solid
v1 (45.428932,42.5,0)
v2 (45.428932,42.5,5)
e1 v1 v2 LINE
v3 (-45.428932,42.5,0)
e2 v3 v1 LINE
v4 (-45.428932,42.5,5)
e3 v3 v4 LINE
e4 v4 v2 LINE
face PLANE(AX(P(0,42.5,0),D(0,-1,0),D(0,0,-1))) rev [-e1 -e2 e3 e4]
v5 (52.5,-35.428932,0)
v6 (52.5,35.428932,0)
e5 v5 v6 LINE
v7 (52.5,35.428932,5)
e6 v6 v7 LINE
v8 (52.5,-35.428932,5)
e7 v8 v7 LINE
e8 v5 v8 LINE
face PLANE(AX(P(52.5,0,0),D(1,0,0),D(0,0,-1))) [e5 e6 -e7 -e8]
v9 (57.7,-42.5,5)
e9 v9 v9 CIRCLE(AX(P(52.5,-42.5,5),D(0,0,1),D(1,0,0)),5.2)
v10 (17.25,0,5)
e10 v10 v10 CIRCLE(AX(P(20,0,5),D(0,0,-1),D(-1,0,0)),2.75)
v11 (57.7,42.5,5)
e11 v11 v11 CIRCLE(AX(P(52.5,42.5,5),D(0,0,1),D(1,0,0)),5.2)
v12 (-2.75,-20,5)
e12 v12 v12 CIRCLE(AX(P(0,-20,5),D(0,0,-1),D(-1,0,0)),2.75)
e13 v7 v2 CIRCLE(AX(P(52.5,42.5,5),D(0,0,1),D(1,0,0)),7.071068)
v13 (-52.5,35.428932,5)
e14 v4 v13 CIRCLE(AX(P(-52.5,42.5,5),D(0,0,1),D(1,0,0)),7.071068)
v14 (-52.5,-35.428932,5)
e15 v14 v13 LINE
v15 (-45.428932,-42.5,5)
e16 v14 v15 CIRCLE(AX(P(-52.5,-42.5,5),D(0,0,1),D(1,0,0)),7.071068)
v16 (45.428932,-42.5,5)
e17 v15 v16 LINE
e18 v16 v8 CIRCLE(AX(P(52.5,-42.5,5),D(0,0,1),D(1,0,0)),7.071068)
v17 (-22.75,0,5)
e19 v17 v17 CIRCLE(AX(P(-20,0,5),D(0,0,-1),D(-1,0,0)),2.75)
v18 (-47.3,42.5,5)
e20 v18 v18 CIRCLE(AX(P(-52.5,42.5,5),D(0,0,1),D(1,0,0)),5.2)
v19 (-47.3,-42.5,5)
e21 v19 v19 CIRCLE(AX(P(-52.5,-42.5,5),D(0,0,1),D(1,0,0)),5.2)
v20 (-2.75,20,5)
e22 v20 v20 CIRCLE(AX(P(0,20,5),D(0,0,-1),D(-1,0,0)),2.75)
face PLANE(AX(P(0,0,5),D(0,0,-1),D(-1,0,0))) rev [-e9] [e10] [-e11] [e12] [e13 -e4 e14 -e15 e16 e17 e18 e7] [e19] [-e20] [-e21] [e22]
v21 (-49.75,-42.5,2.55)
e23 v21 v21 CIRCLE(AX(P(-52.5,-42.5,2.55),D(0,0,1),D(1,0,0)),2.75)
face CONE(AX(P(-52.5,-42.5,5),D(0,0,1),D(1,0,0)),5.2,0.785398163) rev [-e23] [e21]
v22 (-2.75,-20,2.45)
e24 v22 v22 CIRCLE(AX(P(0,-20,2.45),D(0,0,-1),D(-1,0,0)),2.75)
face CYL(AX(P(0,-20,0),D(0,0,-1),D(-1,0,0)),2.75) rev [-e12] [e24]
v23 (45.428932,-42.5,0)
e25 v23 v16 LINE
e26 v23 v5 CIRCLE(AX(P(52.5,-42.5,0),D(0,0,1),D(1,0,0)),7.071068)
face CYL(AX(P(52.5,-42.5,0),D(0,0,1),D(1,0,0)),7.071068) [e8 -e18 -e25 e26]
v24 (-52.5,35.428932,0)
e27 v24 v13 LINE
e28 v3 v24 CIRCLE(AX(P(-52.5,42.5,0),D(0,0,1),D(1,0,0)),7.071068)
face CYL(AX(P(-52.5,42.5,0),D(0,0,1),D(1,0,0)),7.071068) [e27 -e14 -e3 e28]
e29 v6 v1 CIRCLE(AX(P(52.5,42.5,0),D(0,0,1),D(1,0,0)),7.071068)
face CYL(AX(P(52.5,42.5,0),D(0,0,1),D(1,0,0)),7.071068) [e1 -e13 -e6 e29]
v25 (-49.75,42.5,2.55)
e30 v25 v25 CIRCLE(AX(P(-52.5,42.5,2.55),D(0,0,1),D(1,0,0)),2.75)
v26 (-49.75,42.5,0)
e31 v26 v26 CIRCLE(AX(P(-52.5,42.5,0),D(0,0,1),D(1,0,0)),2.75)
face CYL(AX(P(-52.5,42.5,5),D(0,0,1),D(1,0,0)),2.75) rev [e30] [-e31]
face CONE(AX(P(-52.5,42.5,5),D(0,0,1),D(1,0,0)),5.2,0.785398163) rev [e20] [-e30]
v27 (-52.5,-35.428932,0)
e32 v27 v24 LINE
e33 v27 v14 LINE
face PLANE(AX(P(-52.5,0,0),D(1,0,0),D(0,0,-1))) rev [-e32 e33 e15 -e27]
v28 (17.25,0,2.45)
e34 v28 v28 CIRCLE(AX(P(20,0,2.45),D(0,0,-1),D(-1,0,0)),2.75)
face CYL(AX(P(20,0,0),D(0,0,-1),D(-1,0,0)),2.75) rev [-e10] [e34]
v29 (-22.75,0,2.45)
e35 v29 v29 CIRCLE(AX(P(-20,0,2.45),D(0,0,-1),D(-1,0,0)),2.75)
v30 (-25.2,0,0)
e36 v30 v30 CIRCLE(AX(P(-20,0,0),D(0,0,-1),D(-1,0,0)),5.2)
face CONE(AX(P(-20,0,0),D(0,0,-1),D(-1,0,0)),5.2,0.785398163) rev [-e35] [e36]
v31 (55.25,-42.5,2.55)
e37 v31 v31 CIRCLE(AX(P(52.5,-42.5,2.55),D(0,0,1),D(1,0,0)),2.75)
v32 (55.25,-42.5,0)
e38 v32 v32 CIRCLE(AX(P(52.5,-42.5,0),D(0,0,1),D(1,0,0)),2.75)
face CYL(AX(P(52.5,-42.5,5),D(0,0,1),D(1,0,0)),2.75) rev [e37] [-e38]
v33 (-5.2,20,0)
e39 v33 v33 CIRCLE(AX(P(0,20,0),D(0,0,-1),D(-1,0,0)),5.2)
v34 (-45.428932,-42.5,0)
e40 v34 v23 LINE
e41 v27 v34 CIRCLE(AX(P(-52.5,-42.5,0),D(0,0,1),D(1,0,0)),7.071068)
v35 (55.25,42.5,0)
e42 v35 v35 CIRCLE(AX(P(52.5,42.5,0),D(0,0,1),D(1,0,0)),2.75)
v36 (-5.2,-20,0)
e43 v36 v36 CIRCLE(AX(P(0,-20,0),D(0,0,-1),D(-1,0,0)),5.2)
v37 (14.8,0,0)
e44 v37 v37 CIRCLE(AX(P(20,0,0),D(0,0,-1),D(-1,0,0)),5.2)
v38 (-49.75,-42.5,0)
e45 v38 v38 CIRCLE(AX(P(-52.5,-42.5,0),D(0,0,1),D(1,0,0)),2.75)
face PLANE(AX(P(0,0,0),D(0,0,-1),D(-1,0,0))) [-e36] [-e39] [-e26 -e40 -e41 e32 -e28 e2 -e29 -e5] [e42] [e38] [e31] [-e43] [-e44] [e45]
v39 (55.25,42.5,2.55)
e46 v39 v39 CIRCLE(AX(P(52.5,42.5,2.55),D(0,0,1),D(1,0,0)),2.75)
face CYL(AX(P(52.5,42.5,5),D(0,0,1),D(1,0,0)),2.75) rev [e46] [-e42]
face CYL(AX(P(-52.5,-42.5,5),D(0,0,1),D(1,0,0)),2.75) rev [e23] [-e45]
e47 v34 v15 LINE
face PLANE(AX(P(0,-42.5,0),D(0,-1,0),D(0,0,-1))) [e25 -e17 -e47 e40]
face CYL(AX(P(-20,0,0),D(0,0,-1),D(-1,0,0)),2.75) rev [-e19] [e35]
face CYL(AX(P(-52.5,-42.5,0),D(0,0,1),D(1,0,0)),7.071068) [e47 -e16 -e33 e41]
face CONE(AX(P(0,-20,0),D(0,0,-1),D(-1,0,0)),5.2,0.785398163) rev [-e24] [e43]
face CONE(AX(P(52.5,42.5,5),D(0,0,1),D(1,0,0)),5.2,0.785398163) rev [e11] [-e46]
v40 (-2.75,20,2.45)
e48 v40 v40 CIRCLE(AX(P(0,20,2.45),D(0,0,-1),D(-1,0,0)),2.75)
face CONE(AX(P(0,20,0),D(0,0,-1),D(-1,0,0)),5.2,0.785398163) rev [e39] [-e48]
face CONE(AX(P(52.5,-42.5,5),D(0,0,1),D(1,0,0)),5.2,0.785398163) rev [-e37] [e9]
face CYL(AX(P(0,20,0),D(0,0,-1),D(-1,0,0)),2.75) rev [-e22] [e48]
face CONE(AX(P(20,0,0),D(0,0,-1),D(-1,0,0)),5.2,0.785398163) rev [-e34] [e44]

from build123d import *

# Parameters (mm, degrees)
SKETCH1_W                                      = 75
SKETCH1_H                                      = 95
SKETCH1_R                                      = 1
BOSS_EXTRUDE1_DEPTH                            = 5
CSK_FOR_M5_FLAT_HEAD_MACHINE_SCREW1_AT_2_COUNT = 2
CSK_FOR_M5_FLAT_HEAD_MACHINE_SCREW1_AT_2_PITCH = 28.284271247
CSK_FOR_M5_FLAT_HEAD_MACHINE_SCREW1_AT_3_COUNT = 2
CSK_FOR_M5_FLAT_HEAD_MACHINE_SCREW1_AT_3_PITCH = 40
CSK_FOR_M5_FLAT_HEAD_MACHINE_SCREW1_AT_4_COUNT = 2
CSK_FOR_M5_FLAT_HEAD_MACHINE_SCREW1_AT_4_PITCH = 28.284271247
BOSS_EXTRUDE2_DEPTH                            = 5
CSK_FOR_M5_FLAT_HEAD_MACHINE_SCREW2_AT_2_COUNT = 2
CSK_FOR_M5_FLAT_HEAD_MACHINE_SCREW2_AT_2_PITCH = 105
CSK_FOR_M5_FLAT_HEAD_MACHINE_SCREW2_AT_3_COUNT = 2
CSK_FOR_M5_FLAT_HEAD_MACHINE_SCREW2_AT_3_PITCH = 135.092560861
CSK_FOR_M5_FLAT_HEAD_MACHINE_SCREW2_AT_4_COUNT = 2
CSK_FOR_M5_FLAT_HEAD_MACHINE_SCREW2_AT_4_PITCH = 85


with BuildPart() as part:
    # Sketch1 → Boss-Extrude1 (new body)
    with BuildSketch(Plane(origin=(0, 0, 0), x_dir=(0, 1, 0), z_dir=(0, 0, 1))):
        Rectangle(SKETCH1_W, SKETCH1_H)
        with Locations(Location((0, 20, 0), (0, 0, 270))):
            Circle(SKETCH1_R, mode=Mode.SUBTRACT)
        with Locations(Location((20, 0, 0), (0, 0, 270))):
            Circle(SKETCH1_R, mode=Mode.SUBTRACT)
        with Locations(Location((0, -20, 0), (0, 0, 270))):
            Circle(SKETCH1_R, mode=Mode.SUBTRACT)
        with Locations(Location((-20, 0, 0), (0, 0, 270))):
            Circle(SKETCH1_R, mode=Mode.SUBTRACT)
    extrude(amount=BOSS_EXTRUDE1_DEPTH)

    # Sketch2 → CSK for M5 Flat Head Machine Screw1 (revolve, cut)
    with BuildSketch(Plane(origin=(0, 20, 0), x_dir=(0, 1, 0), z_dir=(1, 0, 0))):
        Polygon((0, 0), (0, 5), (2.75, 5), (2.75, 2.45), (5.2, 0), align=None)
    csk_for_m5_flat_head_machine_screw1 = revolve(axis=Axis((0, 20, -6.35), (0, 0, 1)), mode=Mode.SUBTRACT)

    # CSK for M5 Flat Head Machine Screw1 at 2: CSK for M5 Flat Head Machine Screw1 ×2
    with Locations(*[Vector(-0.7071067811865475, -0.7071067811865477, 0) * (i * CSK_FOR_M5_FLAT_HEAD_MACHINE_SCREW1_AT_2_PITCH) for i in range(1, CSK_FOR_M5_FLAT_HEAD_MACHINE_SCREW1_AT_2_COUNT)]):
        add(csk_for_m5_flat_head_machine_screw1, mode=Mode.SUBTRACT)

    # CSK for M5 Flat Head Machine Screw1 at 3: CSK for M5 Flat Head Machine Screw1 ×2
    with Locations(*[(0, -i * CSK_FOR_M5_FLAT_HEAD_MACHINE_SCREW1_AT_3_PITCH, 0) for i in range(1, CSK_FOR_M5_FLAT_HEAD_MACHINE_SCREW1_AT_3_COUNT)]):
        add(csk_for_m5_flat_head_machine_screw1, mode=Mode.SUBTRACT)

    # CSK for M5 Flat Head Machine Screw1 at 4: CSK for M5 Flat Head Machine Screw1 ×2
    with Locations(*[Vector(0.7071067811865478, -0.7071067811865472, 0) * (i * CSK_FOR_M5_FLAT_HEAD_MACHINE_SCREW1_AT_4_PITCH) for i in range(1, CSK_FOR_M5_FLAT_HEAD_MACHINE_SCREW1_AT_4_COUNT)]):
        add(csk_for_m5_flat_head_machine_screw1, mode=Mode.SUBTRACT)

    # Sketch3 → Boss-Extrude2 (add)
    with BuildSketch(Plane.XY.offset(5)):
        with BuildLine():
            ThreePointArc((-45.428932188, 42.5), (-57.5, 47.5), (-52.5, 35.428932188))
            Line((-52.5, 35.428932188), (-52.5, 42.5))
            Line((-52.5, 42.5), (-45.428932188, 42.5))
        make_face()
        with BuildLine():
            Line((-52.5, 42.5), (-52.5, 35.428932188))
            ThreePointArc((-52.5, 35.428932188), (-49.794019499, 35.967185176), (-47.5, 37.5))
            ThreePointArc((-47.5, 37.5), (-45.967185176, 39.794019499), (-45.428932188, 42.5))
            Line((-45.428932188, 42.5), (-52.5, 42.5))
        make_face()
        with BuildLine():
            ThreePointArc((-45.428932188, 42.5), (-45.967185176, 39.794019499), (-47.5, 37.5))
            Line((-47.5, 37.5), (47.5, 37.5))
            ThreePointArc((47.5, 37.5), (45.967185176, 39.794019499), (45.428932188, 42.5))
            Line((45.428932188, 42.5), (-45.428932188, 42.5))
        make_face()
        with BuildLine():
            ThreePointArc((45.428932188, 42.5), (45.967185176, 39.794019499), (47.5, 37.5))
            ThreePointArc((47.5, 37.5), (49.794019499, 35.967185176), (52.5, 35.428932188))
            Line((52.5, 35.428932188), (52.5, 42.5))
            Line((52.5, 42.5), (45.428932188, 42.5))
        make_face()
        with BuildLine():
            ThreePointArc((59.571067812, 42.5), (52.5, 49.571067812), (45.428932188, 42.5))
            Line((45.428932188, 42.5), (52.5, 42.5))
            Line((52.5, 42.5), (52.5, 35.428932188))
            ThreePointArc((52.5, 35.428932188), (57.5, 37.5), (59.571067812, 42.5))
        make_face()
        with BuildLine():
            Line((47.5, 37.5), (47.5, -37.5))
            ThreePointArc((47.5, -37.5), (49.794019499, -35.967185176), (52.5, -35.428932188))
            Line((52.5, -35.428932188), (52.5, 35.428932188))
            ThreePointArc((52.5, 35.428932188), (49.794019499, 35.967185176), (47.5, 37.5))
        make_face()
        with BuildLine():
            ThreePointArc((47.5, -37.5), (45.967185176, -39.794019499), (45.428932188, -42.5))
            Line((45.428932188, -42.5), (52.5, -42.5))
            Line((52.5, -42.5), (52.5, -35.428932188))
            ThreePointArc((52.5, -35.428932188), (49.794019499, -35.967185176), (47.5, -37.5))
        make_face()
        with BuildLine():
            Line((52.5, -42.5), (45.428932188, -42.5))
            ThreePointArc((45.428932188, -42.5), (52.5, -49.571067812), (59.571067812, -42.5))
            ThreePointArc((59.571067812, -42.5), (57.5, -37.5), (52.5, -35.428932188))
            Line((52.5, -35.428932188), (52.5, -42.5))
        make_face()
        with BuildLine():
            ThreePointArc((-47.5, -37.5), (-45.967185176, -39.794019499), (-45.428932188, -42.5))
            Line((-45.428932188, -42.5), (45.428932188, -42.5))
            ThreePointArc((45.428932188, -42.5), (45.967185176, -39.794019499), (47.5, -37.5))
            Line((47.5, -37.5), (-47.5, -37.5))
        make_face()
        with BuildLine():
            Line((-52.5, -35.428932188), (-52.5, -42.5))
            Line((-52.5, -42.5), (-45.428932188, -42.5))
            ThreePointArc((-45.428932188, -42.5), (-45.967185176, -39.794019499), (-47.5, -37.5))
            ThreePointArc((-47.5, -37.5), (-49.794019499, -35.967185176), (-52.5, -35.428932188))
        make_face()
        with BuildLine():
            Line((-45.428932188, -42.5), (-52.5, -42.5))
            Line((-52.5, -42.5), (-52.5, -35.428932188))
            ThreePointArc((-52.5, -35.428932188), (-57.5, -47.5), (-45.428932188, -42.5))
        make_face()
        with BuildLine():
            Line((-52.5, 35.428932188), (-52.5, -35.428932188))
            ThreePointArc((-52.5, -35.428932188), (-49.794019499, -35.967185176), (-47.5, -37.5))
            Line((-47.5, -37.5), (-47.5, 37.5))
            ThreePointArc((-47.5, 37.5), (-49.794019499, 35.967185176), (-52.5, 35.428932188))
        make_face()
    extrude(amount=-BOSS_EXTRUDE2_DEPTH)

    # Sketch5 → CSK for M5 Flat Head Machine Screw2 (revolve, cut)
    with BuildSketch(Plane(origin=(-52.5, 42.5, 5), x_dir=(0, -1, 0), z_dir=(1, 0, 0))):
        Polygon((0, 0), (0, 5), (2.75, 5), (2.75, 2.45), (5.2, 0), align=None)
    csk_for_m5_flat_head_machine_screw2 = revolve(axis=Axis((-52.5, 42.5, 11.35), (0, 0, -1)), mode=Mode.SUBTRACT)

    # CSK for M5 Flat Head Machine Screw2 at 2: CSK for M5 Flat Head Machine Screw2 ×2
    with Locations(*[(i * CSK_FOR_M5_FLAT_HEAD_MACHINE_SCREW2_AT_2_PITCH, 0, 0) for i in range(1, CSK_FOR_M5_FLAT_HEAD_MACHINE_SCREW2_AT_2_COUNT)]):
        add(csk_for_m5_flat_head_machine_screw2, mode=Mode.SUBTRACT)

    # CSK for M5 Flat Head Machine Screw2 at 3: CSK for M5 Flat Head Machine Screw2 ×2
    with Locations(*[Vector(0.7772448707074855, -0.6291982286679645, 0) * (i * CSK_FOR_M5_FLAT_HEAD_MACHINE_SCREW2_AT_3_PITCH) for i in range(1, CSK_FOR_M5_FLAT_HEAD_MACHINE_SCREW2_AT_3_COUNT)]):
        add(csk_for_m5_flat_head_machine_screw2, mode=Mode.SUBTRACT)

    # CSK for M5 Flat Head Machine Screw2 at 4: CSK for M5 Flat Head Machine Screw2 ×2
    with Locations(*[(0, -i * CSK_FOR_M5_FLAT_HEAD_MACHINE_SCREW2_AT_4_PITCH, 0) for i in range(1, CSK_FOR_M5_FLAT_HEAD_MACHINE_SCREW2_AT_4_COUNT)]):
        add(csk_for_m5_flat_head_machine_screw2, mode=Mode.SUBTRACT)


solid = part.part
